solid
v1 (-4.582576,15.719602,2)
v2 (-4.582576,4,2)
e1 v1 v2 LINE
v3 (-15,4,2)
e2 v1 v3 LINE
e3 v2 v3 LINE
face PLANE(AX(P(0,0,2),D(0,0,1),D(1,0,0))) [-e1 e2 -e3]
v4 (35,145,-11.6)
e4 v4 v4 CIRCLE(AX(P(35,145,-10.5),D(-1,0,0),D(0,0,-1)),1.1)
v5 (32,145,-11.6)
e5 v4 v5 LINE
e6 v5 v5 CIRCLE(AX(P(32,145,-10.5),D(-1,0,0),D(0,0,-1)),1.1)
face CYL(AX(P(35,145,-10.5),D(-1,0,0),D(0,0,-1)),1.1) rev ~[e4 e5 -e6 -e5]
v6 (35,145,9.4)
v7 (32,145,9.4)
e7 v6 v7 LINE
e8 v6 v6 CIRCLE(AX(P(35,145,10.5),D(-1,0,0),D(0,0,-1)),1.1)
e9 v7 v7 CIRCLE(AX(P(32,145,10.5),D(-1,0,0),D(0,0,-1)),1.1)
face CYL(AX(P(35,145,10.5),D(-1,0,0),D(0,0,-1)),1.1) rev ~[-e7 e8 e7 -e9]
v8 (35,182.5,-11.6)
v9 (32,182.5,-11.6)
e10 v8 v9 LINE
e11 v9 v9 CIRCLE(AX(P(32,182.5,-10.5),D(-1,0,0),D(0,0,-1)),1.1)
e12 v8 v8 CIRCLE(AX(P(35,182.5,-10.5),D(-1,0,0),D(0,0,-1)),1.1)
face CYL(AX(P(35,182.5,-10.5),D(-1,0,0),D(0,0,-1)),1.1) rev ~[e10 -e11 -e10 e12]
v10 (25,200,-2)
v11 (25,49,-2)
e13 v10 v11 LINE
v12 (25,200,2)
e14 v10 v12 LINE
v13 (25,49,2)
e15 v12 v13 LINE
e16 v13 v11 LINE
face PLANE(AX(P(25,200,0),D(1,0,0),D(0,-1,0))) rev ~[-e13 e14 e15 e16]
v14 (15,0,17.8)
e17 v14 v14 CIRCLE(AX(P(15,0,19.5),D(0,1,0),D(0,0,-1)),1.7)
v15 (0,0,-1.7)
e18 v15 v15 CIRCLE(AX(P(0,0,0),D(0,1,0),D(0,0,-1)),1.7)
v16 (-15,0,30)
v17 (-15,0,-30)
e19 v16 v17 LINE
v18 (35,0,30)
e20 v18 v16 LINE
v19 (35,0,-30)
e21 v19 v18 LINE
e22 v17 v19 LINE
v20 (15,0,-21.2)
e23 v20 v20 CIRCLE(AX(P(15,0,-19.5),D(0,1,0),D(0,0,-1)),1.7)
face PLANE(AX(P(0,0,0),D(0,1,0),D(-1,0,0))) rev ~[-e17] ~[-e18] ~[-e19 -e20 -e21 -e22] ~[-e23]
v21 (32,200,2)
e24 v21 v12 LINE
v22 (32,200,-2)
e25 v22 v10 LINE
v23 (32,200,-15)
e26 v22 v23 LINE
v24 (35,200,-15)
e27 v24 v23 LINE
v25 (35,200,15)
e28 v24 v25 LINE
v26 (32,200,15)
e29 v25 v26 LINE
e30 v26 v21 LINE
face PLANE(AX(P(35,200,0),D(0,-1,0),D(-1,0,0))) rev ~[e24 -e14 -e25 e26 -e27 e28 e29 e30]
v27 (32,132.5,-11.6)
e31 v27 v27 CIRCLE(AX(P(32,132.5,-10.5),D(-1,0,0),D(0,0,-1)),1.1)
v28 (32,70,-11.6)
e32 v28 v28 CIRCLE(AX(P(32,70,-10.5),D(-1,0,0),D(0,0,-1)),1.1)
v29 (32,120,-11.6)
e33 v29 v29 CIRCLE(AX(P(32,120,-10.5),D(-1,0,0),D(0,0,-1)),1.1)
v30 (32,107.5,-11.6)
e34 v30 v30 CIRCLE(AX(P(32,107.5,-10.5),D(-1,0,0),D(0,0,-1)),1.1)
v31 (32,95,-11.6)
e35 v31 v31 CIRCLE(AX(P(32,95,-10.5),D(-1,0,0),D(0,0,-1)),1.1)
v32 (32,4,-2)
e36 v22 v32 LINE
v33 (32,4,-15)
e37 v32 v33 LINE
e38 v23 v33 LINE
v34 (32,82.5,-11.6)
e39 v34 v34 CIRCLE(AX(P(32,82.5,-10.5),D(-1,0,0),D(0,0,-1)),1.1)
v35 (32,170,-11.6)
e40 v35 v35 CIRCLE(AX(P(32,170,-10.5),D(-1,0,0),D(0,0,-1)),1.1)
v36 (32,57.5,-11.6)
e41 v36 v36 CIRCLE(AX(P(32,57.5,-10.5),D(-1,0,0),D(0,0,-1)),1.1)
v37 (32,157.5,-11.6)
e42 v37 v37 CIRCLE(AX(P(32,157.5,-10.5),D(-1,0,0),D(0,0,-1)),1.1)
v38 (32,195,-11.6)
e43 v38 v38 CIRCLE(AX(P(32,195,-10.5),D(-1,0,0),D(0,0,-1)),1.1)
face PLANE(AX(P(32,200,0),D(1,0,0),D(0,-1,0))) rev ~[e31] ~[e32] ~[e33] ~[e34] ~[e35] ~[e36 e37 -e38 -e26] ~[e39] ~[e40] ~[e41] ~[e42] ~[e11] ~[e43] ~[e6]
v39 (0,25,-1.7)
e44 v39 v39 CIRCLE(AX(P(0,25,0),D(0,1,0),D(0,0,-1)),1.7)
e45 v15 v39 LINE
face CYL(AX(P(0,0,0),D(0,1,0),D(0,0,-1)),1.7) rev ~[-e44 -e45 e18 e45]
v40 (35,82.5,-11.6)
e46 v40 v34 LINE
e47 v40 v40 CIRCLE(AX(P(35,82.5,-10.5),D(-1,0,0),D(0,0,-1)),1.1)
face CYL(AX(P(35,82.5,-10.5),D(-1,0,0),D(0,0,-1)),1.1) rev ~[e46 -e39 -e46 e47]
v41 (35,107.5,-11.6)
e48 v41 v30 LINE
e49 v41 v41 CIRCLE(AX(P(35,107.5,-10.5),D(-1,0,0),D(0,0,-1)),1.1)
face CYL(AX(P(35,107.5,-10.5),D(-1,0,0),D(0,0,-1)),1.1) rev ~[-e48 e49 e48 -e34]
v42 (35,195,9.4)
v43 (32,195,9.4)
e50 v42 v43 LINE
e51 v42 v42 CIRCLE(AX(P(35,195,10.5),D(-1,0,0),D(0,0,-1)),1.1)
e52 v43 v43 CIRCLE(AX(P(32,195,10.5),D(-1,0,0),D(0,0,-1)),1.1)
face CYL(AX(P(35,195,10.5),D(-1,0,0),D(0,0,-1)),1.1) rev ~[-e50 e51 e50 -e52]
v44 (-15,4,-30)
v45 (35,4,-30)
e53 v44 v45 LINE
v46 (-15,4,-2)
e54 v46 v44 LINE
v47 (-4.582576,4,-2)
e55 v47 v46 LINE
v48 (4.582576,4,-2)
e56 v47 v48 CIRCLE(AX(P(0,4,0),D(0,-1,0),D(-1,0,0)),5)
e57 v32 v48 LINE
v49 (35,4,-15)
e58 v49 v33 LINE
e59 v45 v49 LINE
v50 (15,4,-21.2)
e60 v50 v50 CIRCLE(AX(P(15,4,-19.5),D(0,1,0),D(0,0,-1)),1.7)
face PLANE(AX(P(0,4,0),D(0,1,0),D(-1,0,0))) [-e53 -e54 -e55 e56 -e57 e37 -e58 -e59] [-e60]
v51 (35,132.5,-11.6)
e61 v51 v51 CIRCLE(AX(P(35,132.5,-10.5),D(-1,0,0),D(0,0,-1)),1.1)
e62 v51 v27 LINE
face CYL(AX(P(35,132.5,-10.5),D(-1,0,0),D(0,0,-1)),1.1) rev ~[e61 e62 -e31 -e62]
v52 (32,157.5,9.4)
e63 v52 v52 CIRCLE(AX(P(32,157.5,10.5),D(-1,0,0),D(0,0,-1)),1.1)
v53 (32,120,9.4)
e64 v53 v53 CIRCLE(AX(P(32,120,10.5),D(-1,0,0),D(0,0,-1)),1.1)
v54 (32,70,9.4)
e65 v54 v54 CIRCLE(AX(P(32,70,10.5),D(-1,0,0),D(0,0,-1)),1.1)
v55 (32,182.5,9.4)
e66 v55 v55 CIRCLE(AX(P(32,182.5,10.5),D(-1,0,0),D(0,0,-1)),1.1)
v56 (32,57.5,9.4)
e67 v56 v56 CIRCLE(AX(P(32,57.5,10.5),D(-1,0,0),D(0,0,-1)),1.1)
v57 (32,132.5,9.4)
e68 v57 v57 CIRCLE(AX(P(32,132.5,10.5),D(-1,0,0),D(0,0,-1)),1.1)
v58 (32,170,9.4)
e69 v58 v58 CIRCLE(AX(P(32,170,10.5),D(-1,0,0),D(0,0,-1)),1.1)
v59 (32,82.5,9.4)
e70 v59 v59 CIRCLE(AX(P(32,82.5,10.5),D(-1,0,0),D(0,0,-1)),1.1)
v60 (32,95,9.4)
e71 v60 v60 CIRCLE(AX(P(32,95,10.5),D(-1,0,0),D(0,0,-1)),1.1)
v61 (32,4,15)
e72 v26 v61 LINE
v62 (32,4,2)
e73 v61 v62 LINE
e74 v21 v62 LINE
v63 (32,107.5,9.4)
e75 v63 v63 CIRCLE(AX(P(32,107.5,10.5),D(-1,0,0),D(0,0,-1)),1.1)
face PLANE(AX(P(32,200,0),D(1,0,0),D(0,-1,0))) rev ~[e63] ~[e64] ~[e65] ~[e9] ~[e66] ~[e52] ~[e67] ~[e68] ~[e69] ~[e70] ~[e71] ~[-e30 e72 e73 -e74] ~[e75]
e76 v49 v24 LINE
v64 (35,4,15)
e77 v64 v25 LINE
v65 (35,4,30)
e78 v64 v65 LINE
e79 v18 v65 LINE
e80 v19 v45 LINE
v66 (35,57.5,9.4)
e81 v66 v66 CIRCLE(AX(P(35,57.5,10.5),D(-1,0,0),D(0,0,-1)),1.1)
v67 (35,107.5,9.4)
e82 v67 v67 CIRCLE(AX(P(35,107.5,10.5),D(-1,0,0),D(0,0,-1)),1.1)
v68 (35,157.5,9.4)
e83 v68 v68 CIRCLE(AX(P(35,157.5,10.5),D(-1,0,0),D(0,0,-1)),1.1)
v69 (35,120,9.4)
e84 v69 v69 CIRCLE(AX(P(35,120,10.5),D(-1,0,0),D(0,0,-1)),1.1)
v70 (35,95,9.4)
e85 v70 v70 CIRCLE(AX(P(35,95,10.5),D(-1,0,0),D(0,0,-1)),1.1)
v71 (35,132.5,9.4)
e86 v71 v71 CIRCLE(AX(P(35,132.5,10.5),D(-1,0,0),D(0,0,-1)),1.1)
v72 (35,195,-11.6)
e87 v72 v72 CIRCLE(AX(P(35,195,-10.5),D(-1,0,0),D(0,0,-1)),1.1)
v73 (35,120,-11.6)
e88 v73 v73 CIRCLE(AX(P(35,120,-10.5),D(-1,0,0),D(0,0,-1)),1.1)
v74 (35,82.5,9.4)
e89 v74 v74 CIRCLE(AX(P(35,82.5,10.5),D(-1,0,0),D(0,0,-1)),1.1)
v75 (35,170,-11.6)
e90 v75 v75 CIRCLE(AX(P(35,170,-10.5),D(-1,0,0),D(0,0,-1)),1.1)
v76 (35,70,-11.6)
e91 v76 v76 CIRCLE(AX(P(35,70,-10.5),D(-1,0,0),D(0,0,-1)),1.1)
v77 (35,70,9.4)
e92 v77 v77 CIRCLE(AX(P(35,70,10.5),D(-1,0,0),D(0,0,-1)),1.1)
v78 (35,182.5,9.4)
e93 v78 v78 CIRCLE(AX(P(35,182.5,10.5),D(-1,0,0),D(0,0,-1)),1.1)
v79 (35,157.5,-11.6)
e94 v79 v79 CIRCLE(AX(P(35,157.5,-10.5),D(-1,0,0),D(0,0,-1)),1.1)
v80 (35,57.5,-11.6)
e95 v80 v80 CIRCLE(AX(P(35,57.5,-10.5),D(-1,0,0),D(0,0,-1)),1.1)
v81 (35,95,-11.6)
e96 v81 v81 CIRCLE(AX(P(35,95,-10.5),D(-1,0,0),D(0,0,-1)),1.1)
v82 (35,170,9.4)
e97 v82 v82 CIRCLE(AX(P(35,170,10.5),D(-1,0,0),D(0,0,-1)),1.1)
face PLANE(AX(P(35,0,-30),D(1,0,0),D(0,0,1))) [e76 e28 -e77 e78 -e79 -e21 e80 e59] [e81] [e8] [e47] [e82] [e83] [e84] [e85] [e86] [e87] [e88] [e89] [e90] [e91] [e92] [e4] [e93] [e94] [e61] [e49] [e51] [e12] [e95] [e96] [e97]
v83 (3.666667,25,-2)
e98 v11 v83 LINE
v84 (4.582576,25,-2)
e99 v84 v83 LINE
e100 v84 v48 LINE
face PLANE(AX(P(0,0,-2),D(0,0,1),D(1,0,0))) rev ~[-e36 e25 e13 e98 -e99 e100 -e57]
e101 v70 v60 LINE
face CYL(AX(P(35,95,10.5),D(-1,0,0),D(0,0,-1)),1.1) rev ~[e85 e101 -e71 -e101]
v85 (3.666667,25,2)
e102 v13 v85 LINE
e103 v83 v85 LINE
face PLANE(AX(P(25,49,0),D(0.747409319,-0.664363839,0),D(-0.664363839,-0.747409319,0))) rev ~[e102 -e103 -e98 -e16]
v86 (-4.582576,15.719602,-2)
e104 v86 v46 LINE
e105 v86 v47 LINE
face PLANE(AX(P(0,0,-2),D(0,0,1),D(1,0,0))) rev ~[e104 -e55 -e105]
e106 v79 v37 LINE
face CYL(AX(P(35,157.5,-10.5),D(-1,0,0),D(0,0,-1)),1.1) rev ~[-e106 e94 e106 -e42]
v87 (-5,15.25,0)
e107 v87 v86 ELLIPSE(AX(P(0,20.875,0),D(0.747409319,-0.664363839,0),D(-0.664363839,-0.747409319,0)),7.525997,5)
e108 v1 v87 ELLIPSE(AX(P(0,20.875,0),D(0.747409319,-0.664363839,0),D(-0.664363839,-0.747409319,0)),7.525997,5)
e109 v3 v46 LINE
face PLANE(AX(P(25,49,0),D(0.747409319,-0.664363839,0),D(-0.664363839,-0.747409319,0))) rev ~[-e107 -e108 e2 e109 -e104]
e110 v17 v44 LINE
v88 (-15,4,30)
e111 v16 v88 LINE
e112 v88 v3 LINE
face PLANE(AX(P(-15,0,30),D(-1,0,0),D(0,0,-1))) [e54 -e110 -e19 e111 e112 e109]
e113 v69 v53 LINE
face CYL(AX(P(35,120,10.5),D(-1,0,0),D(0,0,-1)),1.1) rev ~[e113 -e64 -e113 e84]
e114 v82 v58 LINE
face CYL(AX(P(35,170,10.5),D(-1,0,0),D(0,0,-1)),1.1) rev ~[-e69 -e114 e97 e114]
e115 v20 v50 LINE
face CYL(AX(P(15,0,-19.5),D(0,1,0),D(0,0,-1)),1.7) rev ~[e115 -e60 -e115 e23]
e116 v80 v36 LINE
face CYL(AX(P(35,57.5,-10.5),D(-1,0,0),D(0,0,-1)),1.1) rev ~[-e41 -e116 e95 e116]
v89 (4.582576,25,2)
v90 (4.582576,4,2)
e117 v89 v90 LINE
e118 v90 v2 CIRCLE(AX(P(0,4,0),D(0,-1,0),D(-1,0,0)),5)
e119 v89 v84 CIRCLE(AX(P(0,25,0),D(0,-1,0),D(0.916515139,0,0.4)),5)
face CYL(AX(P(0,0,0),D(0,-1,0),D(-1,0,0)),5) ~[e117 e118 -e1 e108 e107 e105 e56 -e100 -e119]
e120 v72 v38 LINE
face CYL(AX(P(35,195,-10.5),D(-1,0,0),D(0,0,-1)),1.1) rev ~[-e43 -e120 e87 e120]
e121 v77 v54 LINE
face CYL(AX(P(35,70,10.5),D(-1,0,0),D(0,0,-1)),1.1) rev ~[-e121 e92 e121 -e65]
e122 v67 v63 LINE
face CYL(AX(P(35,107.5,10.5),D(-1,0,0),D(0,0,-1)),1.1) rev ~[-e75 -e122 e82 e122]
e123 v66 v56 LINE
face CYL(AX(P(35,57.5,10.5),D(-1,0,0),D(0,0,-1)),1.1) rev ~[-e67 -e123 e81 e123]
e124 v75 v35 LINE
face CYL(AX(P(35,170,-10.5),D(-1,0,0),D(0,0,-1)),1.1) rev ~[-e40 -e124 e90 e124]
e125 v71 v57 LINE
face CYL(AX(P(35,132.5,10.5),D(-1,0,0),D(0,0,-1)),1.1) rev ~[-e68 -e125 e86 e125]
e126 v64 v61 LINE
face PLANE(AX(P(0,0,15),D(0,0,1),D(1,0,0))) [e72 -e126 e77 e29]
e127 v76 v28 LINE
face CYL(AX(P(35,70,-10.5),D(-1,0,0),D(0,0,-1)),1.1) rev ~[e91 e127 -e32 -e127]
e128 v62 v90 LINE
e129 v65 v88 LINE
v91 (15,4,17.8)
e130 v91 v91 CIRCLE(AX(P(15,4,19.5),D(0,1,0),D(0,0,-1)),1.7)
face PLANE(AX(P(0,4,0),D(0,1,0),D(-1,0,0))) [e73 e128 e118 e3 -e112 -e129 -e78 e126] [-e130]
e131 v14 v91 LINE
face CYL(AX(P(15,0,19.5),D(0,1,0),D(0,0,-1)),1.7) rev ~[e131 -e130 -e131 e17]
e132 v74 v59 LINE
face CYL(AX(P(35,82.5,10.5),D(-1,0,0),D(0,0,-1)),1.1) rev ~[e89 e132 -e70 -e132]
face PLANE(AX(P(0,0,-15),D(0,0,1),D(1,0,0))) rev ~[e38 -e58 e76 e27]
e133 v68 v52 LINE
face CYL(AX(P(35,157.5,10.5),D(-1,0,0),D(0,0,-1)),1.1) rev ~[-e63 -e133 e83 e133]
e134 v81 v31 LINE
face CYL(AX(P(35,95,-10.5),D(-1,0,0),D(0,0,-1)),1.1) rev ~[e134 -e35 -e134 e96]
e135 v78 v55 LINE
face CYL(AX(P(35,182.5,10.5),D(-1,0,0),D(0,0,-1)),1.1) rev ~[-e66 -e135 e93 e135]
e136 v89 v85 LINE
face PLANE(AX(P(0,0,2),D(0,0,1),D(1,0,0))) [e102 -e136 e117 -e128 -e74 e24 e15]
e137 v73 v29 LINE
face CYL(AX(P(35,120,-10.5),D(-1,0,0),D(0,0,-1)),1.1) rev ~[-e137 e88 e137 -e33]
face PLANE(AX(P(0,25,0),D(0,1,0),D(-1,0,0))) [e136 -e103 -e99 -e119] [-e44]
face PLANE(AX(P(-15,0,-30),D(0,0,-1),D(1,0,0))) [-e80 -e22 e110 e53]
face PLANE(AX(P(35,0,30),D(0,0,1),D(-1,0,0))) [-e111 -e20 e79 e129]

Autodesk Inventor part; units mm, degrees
ref_plane "YZ Plane" through (0, 0, 0) normal (1, 0, 0) x (0, 1, 0)
ref_plane "XZ Plane" through (0, 0, 0) normal (0, 1, 0) x (-1, 0, 0)
ref_plane "XY Plane" through (0, 0, 0) normal (0, 0, 1) x (1, 0, 0)
sketch "Sketch1" plane through (0, 0, 0) normal (0, 1, 0) x (-1, 0, 0)
  line L0 (-15, -19.5) -> (-15, 0) construction
  line L1 (-15, 0) -> (-15, 19.5) construction
  line L2 (15, -30) -> (-35, -30)
  line L3 (-35, -30) -> (-35, 30)
  line L4 (-35, 30) -> (15, 30)
  line L5 (15, 30) -> (15, -30)
  circle A0 centre (0, 0) radius 5
  point P0 (15, 0)
  dimension "d0" = 15
  dimension "d1" = 19.5
  dimension "d2" = 60
  dimension "d3" = 50
  dimension "d4" = 20
  dimension "d22" = 10
extrude "Extrusion1" add sketch "Sketch1" along normal blind 4 contours L2 L3 L4 L5 | A0
sketch "Sketch2" plane through (0, 0, 0) normal (0, 0, 1) x (1, 0, 0)
  line L0 (35, 4) -> (-15, 4) projected
  line L1 (35, 4) -> (35, 200)
  line L2 (35, 200) -> (25, 200)
  line L3 (25, 200) -> (25, 49)
  line L4 (25, 49) -> (-15, 4)
  line L5 (32, 200) -> (32, 4)
  line L6 (-15, 0) -> (35, 0) projected
  point P0 (0, 0)
  dimension "d14" = 10
  dimension "d15" = 3
  dimension "d16" = 45
  dimension "d17" = 200
extrude "Extrusion2" add sketch "Sketch2" along normal mid plane 4 contours L0 L4 L3 L2 L5
extrude "breedte arm" add sketch "Sketch2" along normal mid plane 30 contours L0 L5 L2 L1
extrude "Extrusion4" add sketch "Sketch1" along normal blind 25 contours A0
hole "Hole2" at (0, 0, 0) at (15, 0, -19.5) at (15, 0, 19.5) direction (0, 1, 0) diameter 3.4 end through all clearance for "Hex Head Cap Screw ISO 24017" size "M3" standard "ISO"
sketch "Sketch3" plane through (35, 0, 30) normal (1, 0, 0) x (0, 0, -1)
  line L0 (15, 200) -> (45, 200) projected
  line L1 (19.5, 195) -> (15, 195) construction
  line L2 (15, 200) -> (15, 4) construction
  line L3 (40.5, 195) -> (45, 195) construction
  line L4 (45, 4) -> (45, 200) construction
  point P0 (30, 0)
  point P1 (42.75, 195)
  point P2 (19.5, 182.5)
  point P3 (40.5, 182.5)
  point P4 (19.5, 170)
  point P5 (40.5, 170)
  point P6 (19.5, 157.5)
  point P7 (40.5, 157.5)
  point P8 (19.5, 145)
  point P9 (40.5, 145)
  point P10 (19.5, 132.5)
  point P11 (40.5, 132.5)
  point P12 (19.5, 120)
  point P13 (40.5, 120)
  point P14 (19.5, 107.5)
  point P15 (40.5, 107.5)
  point P16 (19.5, 95)
  point P17 (40.5, 95)
  point P18 (19.5, 82.5)
  point P19 (40.5, 82.5)
  point P20 (19.5, 70)
  point P21 (40.5, 70)
  point P22 (19.5, 57.5)
  point P23 (40.5, 57.5)
  dimension "d32" = 5
  dimension "d33" = 21
  dimension "d36" = 12.5
hole "Hole3" at (35, 195, 10.5) at (35, 195, -10.5) at (35, 182.5, -10.5) at (35, 182.5, 10.5) at (35, 170, 10.5) at (35, 170, -10.5) at (35, 157.5, -10.5) at (35, 157.5, 10.5) at (35, 145, 10.5) at (35, 145, -10.5) at (35, 132.5, -10.5) at (35, 132.5, 10.5) at (35, 120, 10.5) at (35, 120, -10.5) at (35, 107.5, -10.5) at (35, 107.5, 10.5) at (35, 95, 10.5) at (35, 95, -10.5) at (35, 82.5, 10.5) at (35, 70, 10.5) at (35, 57.5, 10.5) at (35, 57.5, -10.5) at (35, 70, -10.5) at (35, 82.5, -10.5) direction (-1, 0, 0) diameter 2.2 end through all
properties part number "camera arm"
